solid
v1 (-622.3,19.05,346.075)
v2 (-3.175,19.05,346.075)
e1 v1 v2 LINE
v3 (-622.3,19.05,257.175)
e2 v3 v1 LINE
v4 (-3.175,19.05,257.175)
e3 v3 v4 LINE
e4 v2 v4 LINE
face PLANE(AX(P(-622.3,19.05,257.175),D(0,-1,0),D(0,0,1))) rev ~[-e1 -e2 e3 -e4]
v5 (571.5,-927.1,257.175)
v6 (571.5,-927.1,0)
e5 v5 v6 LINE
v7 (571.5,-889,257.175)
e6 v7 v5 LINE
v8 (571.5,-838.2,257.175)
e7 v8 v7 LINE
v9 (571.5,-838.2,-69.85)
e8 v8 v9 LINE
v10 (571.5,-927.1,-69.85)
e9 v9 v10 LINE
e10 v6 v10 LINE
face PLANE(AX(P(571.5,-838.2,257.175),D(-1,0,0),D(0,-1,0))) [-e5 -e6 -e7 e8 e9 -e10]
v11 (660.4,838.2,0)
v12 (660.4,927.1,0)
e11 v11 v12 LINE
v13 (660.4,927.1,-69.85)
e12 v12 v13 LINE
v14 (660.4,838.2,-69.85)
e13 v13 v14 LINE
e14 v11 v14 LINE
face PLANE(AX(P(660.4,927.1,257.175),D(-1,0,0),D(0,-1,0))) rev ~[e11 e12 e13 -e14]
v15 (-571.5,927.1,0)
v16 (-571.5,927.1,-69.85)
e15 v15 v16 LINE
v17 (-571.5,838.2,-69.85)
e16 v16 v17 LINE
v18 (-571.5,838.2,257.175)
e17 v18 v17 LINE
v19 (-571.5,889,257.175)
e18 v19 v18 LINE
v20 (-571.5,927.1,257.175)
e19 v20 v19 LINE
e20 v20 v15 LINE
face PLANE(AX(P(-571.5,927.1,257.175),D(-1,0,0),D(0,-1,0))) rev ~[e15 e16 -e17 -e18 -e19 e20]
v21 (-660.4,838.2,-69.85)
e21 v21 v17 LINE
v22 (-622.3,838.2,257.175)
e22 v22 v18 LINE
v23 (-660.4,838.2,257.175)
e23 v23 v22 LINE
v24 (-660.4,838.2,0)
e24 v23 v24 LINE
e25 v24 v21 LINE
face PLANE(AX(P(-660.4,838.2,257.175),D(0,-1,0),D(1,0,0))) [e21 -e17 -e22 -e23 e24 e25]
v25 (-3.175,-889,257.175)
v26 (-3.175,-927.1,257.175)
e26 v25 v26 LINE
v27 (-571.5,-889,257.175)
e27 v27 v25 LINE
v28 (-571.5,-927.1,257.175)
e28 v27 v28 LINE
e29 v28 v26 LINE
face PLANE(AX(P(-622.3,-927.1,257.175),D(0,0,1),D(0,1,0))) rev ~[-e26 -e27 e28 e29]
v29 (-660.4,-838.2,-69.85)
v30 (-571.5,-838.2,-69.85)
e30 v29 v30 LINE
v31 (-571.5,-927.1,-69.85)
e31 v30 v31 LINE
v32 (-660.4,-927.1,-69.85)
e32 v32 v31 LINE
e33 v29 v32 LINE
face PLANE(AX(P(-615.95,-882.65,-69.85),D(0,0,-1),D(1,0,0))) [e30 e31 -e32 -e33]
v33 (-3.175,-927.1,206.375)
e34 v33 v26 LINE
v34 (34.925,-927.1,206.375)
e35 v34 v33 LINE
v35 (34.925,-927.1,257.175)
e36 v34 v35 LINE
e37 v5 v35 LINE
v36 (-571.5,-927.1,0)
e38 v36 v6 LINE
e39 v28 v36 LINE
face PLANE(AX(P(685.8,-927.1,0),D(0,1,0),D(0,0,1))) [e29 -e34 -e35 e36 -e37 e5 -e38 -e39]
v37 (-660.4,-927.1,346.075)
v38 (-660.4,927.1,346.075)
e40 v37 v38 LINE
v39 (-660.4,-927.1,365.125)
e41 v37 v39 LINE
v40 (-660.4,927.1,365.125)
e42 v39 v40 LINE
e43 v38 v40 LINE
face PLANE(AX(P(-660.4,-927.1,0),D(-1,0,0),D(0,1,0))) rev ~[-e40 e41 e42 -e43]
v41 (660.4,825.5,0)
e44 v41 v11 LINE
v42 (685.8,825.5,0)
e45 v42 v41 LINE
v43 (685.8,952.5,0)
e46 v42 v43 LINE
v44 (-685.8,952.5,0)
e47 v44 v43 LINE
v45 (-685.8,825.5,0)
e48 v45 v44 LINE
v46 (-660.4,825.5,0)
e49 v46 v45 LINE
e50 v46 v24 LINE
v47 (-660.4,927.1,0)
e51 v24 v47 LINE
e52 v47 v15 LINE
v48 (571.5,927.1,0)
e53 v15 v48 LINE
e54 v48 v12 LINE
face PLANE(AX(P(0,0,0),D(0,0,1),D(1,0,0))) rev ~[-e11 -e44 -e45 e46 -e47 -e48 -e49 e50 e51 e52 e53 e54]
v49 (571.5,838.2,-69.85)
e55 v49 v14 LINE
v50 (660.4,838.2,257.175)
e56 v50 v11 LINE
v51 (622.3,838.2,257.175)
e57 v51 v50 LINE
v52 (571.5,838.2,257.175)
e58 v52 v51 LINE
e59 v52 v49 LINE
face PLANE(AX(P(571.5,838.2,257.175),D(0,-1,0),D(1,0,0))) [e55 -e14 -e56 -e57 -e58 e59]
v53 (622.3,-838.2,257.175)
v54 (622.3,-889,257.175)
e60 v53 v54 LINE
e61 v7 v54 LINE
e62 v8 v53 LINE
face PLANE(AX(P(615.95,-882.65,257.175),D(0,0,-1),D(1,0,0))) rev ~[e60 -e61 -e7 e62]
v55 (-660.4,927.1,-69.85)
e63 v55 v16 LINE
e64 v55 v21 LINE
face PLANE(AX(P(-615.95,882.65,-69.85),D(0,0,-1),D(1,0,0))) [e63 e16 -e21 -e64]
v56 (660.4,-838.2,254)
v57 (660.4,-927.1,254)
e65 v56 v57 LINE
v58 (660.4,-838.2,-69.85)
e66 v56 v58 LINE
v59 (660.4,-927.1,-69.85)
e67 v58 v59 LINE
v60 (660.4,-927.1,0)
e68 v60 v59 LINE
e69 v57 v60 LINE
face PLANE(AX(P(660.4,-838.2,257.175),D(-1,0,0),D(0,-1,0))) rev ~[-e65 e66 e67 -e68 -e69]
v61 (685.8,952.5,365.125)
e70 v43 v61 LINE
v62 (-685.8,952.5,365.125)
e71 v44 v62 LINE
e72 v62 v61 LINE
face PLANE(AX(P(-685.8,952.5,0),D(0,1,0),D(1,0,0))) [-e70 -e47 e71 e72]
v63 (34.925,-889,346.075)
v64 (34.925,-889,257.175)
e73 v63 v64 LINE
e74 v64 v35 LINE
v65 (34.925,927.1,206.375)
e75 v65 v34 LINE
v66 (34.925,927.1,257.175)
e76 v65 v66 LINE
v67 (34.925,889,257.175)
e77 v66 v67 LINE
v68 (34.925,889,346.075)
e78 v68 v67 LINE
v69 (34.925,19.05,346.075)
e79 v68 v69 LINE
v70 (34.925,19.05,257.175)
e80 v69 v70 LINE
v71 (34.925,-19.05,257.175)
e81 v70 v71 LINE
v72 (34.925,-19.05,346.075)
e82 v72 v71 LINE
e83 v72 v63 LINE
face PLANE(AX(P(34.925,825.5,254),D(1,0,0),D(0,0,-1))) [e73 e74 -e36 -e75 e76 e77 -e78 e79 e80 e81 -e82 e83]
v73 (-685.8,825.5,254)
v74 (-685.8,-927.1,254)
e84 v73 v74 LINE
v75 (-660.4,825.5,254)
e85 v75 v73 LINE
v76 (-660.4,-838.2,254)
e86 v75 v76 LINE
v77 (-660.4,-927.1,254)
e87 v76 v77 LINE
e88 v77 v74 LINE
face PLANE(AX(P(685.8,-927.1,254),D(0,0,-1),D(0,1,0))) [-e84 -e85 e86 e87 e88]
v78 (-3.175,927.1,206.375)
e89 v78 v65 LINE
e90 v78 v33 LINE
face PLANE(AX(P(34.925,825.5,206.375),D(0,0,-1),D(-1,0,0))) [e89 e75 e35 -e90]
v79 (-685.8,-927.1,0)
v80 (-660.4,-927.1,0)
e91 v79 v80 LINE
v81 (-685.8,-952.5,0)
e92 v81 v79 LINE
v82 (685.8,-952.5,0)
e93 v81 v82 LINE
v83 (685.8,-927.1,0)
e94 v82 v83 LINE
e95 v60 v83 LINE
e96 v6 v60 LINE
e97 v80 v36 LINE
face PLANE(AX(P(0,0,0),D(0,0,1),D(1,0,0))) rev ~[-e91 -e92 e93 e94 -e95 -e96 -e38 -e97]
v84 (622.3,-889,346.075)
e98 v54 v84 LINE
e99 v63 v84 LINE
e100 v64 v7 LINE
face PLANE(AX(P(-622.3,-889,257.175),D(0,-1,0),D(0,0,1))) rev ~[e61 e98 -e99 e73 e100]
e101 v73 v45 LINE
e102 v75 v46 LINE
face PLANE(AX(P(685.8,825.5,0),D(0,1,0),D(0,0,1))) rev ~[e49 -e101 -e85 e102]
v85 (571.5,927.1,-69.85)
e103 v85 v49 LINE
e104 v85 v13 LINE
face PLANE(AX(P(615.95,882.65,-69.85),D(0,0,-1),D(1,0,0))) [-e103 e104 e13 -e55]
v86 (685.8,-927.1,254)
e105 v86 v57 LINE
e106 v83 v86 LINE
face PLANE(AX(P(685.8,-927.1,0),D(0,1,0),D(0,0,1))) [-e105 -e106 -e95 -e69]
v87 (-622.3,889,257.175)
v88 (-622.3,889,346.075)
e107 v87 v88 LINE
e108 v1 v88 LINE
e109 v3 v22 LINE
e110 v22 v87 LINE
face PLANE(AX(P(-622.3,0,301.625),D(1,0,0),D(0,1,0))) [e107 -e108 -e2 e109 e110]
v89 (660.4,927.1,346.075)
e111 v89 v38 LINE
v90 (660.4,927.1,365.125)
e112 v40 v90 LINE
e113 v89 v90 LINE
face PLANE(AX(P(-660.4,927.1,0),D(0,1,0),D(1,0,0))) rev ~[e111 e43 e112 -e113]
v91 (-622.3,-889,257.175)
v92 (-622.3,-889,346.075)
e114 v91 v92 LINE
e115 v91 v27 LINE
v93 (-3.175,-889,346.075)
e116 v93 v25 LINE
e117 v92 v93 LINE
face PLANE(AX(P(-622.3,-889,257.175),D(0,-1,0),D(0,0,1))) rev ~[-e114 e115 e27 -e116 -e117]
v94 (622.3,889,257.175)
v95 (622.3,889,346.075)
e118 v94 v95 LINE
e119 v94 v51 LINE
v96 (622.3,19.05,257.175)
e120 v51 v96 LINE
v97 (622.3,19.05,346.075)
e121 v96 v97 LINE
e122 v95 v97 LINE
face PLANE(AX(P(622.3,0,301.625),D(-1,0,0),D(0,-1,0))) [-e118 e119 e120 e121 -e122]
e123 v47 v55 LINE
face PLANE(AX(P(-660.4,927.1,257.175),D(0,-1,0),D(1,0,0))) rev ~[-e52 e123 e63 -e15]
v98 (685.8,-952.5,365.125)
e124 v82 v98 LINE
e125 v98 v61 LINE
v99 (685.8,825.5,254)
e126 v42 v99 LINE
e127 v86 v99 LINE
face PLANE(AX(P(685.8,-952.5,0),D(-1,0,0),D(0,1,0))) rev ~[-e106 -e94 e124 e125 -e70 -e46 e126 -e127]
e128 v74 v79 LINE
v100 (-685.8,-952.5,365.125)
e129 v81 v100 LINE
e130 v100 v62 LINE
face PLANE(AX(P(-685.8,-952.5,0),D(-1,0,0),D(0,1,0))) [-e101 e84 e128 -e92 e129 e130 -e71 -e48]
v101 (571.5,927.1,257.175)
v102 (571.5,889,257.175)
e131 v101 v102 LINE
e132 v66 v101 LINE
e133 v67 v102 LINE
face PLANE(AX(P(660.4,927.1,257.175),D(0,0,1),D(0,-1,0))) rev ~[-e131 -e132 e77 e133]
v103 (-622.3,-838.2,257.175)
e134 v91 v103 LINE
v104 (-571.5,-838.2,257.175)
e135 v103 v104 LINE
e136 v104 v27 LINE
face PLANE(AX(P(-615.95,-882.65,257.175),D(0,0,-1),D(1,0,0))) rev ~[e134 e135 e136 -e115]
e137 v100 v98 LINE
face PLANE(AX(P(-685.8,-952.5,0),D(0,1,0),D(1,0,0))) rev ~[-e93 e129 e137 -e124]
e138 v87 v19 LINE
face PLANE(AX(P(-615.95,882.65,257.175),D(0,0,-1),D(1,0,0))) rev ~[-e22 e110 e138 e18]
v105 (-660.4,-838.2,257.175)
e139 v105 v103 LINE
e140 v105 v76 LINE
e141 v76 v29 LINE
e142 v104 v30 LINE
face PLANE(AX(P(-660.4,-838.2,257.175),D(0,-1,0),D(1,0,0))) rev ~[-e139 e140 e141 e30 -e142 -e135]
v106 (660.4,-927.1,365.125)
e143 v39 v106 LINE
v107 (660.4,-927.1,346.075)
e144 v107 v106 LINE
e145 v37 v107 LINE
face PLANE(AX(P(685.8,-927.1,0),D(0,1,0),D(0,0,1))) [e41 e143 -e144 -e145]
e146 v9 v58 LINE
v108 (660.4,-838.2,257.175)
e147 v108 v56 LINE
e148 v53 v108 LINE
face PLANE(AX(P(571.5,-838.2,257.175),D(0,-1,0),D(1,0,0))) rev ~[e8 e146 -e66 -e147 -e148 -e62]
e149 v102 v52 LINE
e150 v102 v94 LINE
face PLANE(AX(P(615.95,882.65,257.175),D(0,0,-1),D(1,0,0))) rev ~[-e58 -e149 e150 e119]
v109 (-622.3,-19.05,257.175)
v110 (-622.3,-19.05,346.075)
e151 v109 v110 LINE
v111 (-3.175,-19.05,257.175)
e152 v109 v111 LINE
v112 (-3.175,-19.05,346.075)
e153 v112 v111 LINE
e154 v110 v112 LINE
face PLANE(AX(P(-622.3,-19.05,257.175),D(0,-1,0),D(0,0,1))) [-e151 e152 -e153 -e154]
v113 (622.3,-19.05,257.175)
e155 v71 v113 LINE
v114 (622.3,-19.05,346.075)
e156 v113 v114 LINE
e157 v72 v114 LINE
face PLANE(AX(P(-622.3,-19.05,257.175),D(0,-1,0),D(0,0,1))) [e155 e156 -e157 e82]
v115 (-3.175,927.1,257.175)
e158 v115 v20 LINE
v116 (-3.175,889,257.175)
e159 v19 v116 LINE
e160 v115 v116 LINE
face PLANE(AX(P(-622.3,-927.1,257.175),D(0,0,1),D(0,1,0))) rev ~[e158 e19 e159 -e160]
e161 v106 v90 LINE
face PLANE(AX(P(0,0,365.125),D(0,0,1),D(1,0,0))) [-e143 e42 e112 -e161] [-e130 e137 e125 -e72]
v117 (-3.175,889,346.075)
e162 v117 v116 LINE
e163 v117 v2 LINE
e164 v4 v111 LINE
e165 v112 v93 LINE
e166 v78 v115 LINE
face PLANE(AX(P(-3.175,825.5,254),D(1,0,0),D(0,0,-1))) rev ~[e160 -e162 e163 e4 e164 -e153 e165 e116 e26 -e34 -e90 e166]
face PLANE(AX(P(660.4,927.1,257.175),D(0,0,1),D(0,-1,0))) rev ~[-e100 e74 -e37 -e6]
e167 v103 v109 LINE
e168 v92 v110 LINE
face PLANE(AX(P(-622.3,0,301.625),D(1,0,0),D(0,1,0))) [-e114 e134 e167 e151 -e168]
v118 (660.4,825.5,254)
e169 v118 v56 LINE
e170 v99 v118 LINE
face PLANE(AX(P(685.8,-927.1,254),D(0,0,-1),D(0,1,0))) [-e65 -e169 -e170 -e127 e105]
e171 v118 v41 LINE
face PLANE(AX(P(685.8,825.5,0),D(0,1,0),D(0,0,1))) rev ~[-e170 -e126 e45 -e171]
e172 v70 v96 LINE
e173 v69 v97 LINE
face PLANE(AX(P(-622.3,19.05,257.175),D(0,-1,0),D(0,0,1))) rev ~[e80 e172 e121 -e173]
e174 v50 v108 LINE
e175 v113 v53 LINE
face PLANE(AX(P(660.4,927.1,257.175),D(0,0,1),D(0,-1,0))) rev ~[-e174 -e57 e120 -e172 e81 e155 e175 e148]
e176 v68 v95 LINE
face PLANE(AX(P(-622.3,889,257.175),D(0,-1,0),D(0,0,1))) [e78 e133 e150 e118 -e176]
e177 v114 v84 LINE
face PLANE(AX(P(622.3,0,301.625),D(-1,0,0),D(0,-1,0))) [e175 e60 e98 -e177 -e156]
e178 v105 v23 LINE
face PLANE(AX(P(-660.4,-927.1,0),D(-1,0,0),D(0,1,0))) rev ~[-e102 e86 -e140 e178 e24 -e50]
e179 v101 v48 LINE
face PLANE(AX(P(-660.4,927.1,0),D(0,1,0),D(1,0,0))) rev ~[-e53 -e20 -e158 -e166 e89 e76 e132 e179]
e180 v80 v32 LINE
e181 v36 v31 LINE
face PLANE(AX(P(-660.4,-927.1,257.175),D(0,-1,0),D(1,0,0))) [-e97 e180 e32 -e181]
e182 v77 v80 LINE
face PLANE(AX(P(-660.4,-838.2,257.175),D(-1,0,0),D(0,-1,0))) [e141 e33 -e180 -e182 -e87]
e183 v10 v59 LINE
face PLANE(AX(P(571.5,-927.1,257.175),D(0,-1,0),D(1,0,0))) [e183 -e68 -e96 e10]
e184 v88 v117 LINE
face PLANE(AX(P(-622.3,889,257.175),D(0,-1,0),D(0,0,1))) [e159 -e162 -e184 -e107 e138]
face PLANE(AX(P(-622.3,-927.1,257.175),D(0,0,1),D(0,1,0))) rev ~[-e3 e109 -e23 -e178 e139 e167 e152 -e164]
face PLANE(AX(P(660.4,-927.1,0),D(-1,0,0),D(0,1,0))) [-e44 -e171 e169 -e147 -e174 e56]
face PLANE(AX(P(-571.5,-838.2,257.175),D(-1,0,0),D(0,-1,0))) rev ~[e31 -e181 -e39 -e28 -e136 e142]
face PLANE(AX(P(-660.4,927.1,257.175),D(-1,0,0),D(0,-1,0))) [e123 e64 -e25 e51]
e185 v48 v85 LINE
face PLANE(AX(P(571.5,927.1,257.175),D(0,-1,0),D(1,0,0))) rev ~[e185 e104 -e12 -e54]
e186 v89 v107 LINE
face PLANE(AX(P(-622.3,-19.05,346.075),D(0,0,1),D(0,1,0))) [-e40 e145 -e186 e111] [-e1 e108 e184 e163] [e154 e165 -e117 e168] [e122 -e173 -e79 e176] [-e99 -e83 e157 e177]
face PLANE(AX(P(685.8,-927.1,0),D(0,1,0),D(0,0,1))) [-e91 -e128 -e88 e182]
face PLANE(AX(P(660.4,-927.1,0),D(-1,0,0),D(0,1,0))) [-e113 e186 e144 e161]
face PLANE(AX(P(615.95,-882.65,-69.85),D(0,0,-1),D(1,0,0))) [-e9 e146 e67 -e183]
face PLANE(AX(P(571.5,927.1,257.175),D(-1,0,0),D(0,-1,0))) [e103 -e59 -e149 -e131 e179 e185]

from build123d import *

# Parameters (mm, degrees)
F0_W      = 1371.6
F0_H      = 1905
F0_W_2    = 1320.8
F0_H_2    = 1854.2
F1_DEPTH  = 365.125
F2_W      = 38.1
F2_H      = 139.7
F3_DEPTH  = 1854.2
F4_W      = 1854.2
F4_H      = 88.9
F5_DEPTH  = 38.1
F6_W      = 1854.2
F6_H      = 88.9
F7_DEPTH  = 38.1
F8_W      = 1752.6
F8_H      = 254
F9_DEPTH  = 1371.601
F10_DEPTH = 1752.6
F11_W     = 38.1
F11_H     = 88.9
F12_DEPTH = 1270
F13_W     = 38.1
F13_H     = 88.9
F14_DEPTH = 1270
F15_W     = 38.1
F15_H     = 88.9
F16_DEPTH = 1270
F17_W     = 88.9
F17_H     = 88.9
F18_DEPTH = 327.025
F19_W     = 88.9
F19_H     = 88.9
F20_DEPTH = 327.025
F21_W     = 88.9
F21_H     = 88.9
F22_DEPTH = 327.025
F23_W     = 88.9
F23_H     = 88.9
F24_DEPTH = 327.025


with BuildPart() as f1:
    # F0 (on Top) → F1 (new body)
    with BuildSketch(Plane.XY):
        Rectangle(F0_W, F0_H)
        Rectangle(F0_W_2, F0_H_2, mode=Mode.SUBTRACT)
    extrude(amount=F1_DEPTH)

    # F2 (on face) → F3 (join, through all)
    with BuildSketch(Plane.XZ.offset(-927.1)):
        with Locations((15.875, 276.225)):
            Rectangle(F2_W, F2_H)
    extrude(amount=F3_DEPTH)

    # F4 (on face) → F5 (join)
    with BuildSketch(Plane.YZ.offset(-660.4)):
        with Locations((0, 301.625)):
            Rectangle(F4_W, F4_H)
    extrude(amount=F5_DEPTH)

    # F6 (on face) → F7 (join)
    with BuildSketch(Plane(origin=(660.4, 0, 0), x_dir=(0, -1, 0), z_dir=(-1, 0, 0))):
        with Locations((0, 301.625)):
            Rectangle(F6_W, F6_H)
    extrude(amount=F7_DEPTH)

    # F8 (on face) → F9 (cut, through all)
    with BuildSketch(Plane.YZ.offset(685.8)):
        with Locations((-50.8, 127)):
            Rectangle(F8_W, F8_H)
    extrude(amount=-F9_DEPTH, mode=Mode.SUBTRACT)

    # F10 (add, through all): a face of the model
    f10_faces = [f1.faces().sort_by_distance(p)[0] for p in [
        (15.875, 825.5, 230.1875),
    ]]
    extrude(f10_faces, amount=F10_DEPTH)

    # F11 (on face) → F12 (join)
    with BuildSketch(Plane.YZ.offset(-622.3)):
        with Locations((908.05, 301.625)):
            Rectangle(F11_W, F11_H)
    extrude(amount=F12_DEPTH)

    # F13 (on face) → F14 (join)
    with BuildSketch(Plane.YZ.offset(-622.3)):
        with Locations((-908.05, 301.625)):
            Rectangle(F13_W, F13_H)
    extrude(amount=F14_DEPTH)

    # F15 (on face) → F16 (join)
    with BuildSketch(Plane.YZ.offset(-622.3)):
        with Locations((0, 301.625)):
            Rectangle(F15_W, F15_H)
    extrude(amount=F16_DEPTH)

    # F17 (on face) → F18 (join)
    with BuildSketch(Plane(origin=(0, 0, 257.175), x_dir=(1, 0, 0), z_dir=(0, 0, -1))):
        with Locations((-615.95, 882.65)):
            Rectangle(F17_W, F17_H)
    extrude(amount=F18_DEPTH)

    # F19 (on face) → F20 (join)
    with BuildSketch(Plane(origin=(0, 0, 257.175), x_dir=(1, 0, 0), z_dir=(0, 0, -1))):
        with Locations((615.95, 882.65)):
            Rectangle(F19_W, F19_H)
    extrude(amount=F20_DEPTH)

    # F21 (on face) → F22 (join)
    with BuildSketch(Plane(origin=(0, 0, 257.175), x_dir=(1, 0, 0), z_dir=(0, 0, -1))):
        with Locations((-615.95, -882.65)):
            Rectangle(F21_W, F21_H)
    extrude(amount=F22_DEPTH)

    # F23 (on face) → F24 (join)
    with BuildSketch(Plane(origin=(0, 0, 257.175), x_dir=(1, 0, 0), z_dir=(0, 0, -1))):
        with Locations((615.95, -882.65)):
            Rectangle(F23_W, F23_H)
    extrude(amount=F24_DEPTH)


solid = f1.part
